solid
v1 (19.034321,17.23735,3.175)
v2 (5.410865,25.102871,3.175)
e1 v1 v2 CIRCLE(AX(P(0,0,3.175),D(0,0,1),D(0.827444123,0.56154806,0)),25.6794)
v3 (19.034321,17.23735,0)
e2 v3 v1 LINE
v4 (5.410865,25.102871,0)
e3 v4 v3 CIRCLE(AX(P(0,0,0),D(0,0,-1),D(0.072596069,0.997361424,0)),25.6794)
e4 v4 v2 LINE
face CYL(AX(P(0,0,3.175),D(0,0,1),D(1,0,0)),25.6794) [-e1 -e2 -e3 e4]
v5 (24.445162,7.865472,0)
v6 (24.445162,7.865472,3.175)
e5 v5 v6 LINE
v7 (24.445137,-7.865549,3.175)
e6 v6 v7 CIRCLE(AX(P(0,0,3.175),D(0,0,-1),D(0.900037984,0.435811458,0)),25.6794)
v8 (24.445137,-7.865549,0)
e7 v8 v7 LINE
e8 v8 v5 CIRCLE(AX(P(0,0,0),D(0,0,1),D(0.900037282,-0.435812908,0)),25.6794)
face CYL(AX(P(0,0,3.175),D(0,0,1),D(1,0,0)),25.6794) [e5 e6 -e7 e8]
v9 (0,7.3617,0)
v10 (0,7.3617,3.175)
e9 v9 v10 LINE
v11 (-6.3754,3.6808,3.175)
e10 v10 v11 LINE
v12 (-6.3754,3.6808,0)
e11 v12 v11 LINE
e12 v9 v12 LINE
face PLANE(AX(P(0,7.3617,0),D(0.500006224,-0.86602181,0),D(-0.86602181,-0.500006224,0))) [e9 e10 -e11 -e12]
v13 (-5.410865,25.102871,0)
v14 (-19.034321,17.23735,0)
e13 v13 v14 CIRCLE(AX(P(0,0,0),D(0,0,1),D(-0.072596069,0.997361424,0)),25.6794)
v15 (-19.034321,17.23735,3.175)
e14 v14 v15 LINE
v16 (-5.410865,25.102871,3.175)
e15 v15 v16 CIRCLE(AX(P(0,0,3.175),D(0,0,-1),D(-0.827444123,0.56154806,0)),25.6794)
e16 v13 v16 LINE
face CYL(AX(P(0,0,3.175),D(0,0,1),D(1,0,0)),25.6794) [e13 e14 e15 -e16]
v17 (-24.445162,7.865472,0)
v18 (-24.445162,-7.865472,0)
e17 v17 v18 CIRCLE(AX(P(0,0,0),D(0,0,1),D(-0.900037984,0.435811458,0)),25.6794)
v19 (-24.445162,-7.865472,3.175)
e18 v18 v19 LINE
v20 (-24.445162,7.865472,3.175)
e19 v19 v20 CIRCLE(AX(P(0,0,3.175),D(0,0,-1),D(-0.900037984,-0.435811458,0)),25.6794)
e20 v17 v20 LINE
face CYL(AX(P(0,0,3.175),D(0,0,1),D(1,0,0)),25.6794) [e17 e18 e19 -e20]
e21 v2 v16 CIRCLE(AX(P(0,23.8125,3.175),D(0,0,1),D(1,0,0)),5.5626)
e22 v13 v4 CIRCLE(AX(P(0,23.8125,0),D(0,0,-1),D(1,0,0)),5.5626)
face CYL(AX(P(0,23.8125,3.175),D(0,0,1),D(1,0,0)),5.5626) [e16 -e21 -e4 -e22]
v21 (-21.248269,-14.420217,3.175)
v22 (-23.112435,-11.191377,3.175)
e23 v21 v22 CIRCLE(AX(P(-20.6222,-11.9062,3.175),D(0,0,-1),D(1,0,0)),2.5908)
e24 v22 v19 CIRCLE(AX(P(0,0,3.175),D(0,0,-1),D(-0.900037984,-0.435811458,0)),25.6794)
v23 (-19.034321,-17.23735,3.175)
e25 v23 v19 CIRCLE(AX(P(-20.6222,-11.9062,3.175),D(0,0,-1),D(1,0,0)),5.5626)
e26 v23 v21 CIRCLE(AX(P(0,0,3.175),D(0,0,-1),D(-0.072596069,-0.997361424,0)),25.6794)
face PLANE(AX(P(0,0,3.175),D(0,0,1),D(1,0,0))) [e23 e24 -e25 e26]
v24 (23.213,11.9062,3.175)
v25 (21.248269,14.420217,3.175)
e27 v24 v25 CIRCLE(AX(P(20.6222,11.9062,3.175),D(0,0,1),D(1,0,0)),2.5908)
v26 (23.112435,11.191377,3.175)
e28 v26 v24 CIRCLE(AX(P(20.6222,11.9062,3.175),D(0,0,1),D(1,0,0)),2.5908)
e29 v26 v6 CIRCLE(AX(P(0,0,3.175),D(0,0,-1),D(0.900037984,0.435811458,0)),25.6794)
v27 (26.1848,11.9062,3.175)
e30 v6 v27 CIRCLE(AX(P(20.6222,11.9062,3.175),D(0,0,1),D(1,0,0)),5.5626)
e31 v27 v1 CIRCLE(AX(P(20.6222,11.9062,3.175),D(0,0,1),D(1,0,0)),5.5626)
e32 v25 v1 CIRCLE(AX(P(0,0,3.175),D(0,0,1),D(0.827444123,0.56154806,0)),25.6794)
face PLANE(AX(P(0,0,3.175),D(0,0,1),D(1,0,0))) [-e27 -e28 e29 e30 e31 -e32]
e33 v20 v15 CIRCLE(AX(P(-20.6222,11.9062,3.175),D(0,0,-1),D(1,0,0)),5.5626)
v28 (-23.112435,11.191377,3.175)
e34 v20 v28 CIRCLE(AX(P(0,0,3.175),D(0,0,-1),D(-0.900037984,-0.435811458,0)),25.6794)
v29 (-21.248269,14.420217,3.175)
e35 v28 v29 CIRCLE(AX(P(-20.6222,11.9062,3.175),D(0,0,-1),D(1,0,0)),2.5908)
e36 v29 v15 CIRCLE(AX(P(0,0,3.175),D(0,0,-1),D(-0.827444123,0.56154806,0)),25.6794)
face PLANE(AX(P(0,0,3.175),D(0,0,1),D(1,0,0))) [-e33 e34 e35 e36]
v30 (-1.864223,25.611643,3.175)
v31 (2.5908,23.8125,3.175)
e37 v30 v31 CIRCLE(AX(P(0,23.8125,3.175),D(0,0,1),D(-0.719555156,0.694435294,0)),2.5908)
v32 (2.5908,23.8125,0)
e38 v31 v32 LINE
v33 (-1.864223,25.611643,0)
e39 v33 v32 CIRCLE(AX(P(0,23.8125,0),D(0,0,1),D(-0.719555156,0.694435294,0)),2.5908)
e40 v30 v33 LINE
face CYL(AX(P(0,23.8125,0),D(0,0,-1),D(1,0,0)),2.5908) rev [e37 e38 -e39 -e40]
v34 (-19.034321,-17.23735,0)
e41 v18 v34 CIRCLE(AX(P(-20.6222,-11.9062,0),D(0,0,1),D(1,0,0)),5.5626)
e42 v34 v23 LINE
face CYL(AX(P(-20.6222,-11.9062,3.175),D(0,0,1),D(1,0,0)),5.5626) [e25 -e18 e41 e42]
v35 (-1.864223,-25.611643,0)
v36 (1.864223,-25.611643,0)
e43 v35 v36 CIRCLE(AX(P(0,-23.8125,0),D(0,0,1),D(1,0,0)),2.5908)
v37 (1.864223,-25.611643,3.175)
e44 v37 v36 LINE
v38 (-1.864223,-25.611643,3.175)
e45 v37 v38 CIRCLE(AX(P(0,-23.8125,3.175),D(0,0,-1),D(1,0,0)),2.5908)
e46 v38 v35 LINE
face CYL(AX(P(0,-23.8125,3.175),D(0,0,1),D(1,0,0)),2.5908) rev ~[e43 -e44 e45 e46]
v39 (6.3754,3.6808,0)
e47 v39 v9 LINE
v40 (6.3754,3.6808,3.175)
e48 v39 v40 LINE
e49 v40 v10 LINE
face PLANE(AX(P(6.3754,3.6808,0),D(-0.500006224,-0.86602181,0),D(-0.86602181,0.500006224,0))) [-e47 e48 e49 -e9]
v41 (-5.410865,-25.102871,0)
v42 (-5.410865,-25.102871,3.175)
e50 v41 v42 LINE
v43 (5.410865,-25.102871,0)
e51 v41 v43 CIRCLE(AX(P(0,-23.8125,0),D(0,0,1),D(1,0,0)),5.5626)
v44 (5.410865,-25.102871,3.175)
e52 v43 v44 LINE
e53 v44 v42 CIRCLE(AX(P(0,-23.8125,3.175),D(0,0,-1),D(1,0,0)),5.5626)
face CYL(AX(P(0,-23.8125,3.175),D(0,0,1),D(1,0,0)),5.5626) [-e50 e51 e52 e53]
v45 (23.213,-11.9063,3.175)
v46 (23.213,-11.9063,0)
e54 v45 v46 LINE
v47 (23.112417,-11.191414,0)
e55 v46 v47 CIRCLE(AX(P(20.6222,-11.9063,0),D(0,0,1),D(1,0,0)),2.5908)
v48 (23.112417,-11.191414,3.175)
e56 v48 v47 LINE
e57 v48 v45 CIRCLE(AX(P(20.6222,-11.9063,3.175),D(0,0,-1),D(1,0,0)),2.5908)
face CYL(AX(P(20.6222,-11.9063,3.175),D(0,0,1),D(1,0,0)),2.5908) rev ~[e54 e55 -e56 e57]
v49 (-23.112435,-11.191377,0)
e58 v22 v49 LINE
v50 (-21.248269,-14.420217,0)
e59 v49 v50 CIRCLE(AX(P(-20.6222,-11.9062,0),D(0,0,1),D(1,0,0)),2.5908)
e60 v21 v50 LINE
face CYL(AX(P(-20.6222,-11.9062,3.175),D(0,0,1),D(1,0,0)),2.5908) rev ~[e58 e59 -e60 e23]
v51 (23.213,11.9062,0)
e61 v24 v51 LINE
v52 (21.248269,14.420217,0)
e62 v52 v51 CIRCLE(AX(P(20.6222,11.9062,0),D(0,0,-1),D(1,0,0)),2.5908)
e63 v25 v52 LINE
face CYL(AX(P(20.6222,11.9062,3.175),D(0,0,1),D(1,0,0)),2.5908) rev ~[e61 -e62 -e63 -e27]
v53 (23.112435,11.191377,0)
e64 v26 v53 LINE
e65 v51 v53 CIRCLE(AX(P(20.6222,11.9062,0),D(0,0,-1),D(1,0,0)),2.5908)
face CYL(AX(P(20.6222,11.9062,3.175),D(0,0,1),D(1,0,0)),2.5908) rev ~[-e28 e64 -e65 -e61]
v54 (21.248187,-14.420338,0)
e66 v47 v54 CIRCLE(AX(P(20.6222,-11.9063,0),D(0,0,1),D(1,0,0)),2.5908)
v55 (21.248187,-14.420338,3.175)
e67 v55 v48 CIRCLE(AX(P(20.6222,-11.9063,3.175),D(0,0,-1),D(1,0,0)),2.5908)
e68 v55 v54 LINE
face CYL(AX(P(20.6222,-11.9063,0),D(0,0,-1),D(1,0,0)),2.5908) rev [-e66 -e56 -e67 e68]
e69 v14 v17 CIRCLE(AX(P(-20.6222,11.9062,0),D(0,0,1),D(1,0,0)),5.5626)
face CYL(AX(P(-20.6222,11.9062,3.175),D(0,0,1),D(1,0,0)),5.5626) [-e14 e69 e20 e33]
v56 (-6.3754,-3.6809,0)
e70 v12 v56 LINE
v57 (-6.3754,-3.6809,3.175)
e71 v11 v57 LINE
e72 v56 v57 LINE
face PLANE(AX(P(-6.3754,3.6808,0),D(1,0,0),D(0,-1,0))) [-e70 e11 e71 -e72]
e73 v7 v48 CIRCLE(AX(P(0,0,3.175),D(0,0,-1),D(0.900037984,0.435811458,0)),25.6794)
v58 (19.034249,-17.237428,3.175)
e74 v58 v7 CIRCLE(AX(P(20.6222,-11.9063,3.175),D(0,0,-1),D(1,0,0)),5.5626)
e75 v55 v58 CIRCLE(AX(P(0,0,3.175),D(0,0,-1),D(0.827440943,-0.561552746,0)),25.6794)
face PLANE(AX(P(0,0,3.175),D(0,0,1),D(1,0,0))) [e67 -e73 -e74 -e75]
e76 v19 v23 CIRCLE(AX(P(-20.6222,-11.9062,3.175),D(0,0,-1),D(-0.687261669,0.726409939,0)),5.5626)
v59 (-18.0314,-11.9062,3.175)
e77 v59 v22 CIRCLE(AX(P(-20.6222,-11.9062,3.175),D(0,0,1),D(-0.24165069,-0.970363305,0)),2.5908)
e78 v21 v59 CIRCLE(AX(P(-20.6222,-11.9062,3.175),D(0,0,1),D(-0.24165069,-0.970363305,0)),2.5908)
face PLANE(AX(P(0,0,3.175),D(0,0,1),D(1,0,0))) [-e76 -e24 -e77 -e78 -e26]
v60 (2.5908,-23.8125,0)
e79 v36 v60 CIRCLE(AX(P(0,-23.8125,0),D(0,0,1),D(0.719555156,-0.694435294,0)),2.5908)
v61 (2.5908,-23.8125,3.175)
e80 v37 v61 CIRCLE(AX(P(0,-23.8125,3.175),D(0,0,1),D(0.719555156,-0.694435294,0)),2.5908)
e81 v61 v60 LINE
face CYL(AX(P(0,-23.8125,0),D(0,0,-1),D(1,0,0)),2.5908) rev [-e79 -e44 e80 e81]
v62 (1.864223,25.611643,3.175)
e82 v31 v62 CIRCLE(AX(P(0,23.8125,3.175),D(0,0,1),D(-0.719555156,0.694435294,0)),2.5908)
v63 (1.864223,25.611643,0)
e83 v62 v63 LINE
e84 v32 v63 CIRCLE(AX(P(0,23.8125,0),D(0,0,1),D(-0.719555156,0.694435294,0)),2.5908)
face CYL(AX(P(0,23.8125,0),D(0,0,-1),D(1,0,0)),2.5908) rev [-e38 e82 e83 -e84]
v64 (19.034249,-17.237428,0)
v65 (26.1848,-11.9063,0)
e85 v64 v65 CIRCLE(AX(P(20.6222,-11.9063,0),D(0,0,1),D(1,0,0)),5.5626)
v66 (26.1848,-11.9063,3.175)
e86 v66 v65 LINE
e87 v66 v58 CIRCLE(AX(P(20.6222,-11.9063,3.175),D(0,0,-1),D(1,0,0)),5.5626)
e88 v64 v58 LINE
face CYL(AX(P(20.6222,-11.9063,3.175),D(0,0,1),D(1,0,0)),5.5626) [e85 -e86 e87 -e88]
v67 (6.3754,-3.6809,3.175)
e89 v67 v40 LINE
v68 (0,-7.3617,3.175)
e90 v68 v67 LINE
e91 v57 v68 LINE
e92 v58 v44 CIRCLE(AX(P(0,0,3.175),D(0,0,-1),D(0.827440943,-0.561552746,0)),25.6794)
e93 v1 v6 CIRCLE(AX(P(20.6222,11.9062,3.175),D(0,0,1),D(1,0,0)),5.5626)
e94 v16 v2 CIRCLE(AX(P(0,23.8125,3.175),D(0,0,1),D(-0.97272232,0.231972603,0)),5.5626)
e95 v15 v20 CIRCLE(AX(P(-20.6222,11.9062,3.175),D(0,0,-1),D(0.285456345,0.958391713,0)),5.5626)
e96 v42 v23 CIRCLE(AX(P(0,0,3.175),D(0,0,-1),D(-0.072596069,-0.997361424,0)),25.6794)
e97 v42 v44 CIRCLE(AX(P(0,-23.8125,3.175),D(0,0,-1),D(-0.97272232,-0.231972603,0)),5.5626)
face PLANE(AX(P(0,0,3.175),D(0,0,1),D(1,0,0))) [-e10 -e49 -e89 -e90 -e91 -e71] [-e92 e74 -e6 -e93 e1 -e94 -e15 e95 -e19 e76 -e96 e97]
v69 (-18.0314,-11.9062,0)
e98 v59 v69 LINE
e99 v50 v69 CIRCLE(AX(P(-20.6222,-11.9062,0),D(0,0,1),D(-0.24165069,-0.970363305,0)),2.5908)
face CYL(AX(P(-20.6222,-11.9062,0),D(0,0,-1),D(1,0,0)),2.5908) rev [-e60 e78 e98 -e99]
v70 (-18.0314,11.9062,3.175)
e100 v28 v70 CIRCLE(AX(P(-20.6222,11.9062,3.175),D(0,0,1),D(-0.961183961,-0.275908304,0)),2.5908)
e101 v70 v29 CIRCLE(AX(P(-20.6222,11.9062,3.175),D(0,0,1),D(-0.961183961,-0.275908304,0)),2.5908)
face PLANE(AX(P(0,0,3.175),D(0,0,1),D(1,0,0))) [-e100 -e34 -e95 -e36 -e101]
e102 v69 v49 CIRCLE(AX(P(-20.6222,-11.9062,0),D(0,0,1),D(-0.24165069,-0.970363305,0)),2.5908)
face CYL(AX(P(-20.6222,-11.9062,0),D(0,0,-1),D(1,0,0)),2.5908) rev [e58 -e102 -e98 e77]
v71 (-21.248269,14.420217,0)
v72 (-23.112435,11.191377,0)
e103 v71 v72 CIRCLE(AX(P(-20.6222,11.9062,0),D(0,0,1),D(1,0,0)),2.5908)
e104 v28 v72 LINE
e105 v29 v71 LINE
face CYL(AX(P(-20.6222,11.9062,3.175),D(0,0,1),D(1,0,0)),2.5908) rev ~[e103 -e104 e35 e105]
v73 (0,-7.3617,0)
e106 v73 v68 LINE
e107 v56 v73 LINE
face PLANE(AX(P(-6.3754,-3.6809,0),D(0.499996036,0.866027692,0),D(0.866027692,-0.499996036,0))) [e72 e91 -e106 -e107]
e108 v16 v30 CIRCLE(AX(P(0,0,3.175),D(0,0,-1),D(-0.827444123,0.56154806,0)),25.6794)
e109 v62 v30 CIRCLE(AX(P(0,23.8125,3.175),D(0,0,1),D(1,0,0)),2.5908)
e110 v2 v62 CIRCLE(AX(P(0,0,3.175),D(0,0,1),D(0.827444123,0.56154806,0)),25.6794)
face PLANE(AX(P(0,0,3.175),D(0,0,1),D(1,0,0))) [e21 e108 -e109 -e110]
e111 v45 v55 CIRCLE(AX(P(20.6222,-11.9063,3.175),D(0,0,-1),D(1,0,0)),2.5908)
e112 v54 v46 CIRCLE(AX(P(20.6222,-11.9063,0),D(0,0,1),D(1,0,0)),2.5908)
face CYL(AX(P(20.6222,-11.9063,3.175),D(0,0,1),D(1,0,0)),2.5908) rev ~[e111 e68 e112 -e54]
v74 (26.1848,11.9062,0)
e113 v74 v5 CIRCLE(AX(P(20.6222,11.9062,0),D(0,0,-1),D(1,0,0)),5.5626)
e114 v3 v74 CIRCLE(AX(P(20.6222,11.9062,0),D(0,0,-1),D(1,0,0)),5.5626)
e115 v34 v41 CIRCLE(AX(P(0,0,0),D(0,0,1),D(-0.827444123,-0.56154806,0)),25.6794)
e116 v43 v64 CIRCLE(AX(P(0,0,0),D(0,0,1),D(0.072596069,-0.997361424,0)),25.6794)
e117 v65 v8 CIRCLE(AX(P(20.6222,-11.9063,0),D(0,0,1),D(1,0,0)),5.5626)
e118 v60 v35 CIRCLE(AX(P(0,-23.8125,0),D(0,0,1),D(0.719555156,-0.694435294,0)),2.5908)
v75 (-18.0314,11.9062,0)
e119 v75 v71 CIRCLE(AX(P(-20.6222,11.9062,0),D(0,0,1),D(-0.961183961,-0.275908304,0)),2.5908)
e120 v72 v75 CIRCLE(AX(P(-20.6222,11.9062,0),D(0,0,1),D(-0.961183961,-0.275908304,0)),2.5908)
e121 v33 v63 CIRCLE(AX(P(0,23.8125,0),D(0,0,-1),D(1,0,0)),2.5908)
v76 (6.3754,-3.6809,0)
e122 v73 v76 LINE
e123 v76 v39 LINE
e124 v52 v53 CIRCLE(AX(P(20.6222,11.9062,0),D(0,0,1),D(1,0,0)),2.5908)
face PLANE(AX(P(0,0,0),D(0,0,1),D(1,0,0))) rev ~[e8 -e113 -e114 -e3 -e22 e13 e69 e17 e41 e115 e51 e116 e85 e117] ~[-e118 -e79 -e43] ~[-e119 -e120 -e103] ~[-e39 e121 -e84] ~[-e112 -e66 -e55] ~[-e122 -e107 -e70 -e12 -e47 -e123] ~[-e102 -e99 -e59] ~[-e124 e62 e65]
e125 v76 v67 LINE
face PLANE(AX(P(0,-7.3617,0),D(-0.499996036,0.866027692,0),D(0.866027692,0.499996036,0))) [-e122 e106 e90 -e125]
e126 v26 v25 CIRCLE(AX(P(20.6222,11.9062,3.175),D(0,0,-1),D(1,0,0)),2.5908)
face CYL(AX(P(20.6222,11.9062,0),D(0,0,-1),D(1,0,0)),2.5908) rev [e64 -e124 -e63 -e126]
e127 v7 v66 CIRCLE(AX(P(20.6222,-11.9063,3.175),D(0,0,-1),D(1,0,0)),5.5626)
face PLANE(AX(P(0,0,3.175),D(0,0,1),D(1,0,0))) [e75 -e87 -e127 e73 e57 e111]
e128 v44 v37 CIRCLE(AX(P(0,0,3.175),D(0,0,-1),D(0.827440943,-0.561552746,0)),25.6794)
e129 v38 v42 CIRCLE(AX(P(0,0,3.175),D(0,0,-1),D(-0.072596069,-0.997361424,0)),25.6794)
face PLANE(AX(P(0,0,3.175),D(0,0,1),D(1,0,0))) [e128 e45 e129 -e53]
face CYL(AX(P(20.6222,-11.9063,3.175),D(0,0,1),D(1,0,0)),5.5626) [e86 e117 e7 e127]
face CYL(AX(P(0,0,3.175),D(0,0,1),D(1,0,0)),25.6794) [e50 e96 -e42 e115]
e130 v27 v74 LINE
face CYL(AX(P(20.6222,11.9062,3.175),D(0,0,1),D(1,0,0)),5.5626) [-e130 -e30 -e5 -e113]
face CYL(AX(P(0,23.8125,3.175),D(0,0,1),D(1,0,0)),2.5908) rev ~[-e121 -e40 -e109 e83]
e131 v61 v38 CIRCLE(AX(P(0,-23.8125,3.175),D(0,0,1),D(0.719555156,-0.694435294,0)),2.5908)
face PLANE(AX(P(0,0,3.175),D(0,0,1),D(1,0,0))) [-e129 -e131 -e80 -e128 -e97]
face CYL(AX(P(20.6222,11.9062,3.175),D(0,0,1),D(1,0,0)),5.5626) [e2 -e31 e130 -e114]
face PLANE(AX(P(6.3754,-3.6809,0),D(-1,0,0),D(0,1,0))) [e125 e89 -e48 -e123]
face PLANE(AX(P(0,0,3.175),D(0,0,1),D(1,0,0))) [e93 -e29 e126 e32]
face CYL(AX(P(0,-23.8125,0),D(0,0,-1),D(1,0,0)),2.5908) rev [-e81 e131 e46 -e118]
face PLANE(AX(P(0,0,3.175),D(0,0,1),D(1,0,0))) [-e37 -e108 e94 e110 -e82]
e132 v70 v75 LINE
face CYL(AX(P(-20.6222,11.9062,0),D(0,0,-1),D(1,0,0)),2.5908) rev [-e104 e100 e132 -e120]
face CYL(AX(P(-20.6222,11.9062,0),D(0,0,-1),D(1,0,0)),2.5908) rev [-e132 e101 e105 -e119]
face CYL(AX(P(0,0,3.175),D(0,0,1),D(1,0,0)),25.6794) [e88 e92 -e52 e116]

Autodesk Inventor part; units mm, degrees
ref_plane "YZ Plane" through (0, 0, 0) normal (1, 0, 0) x (0, 1, 0)
ref_plane "XZ Plane" through (0, 0, 0) normal (0, 1, 0) x (-1, 0, 0)
ref_plane "XY Plane" through (0, 0, 0) normal (0, 0, 1) x (1, 0, 0)
sketch "Sketch1" plane through (0, 0, 0) normal (0, 0, 1) x (1, 0, 0)
  circle A0 centre (0, 0) radius 28.575
  line L0 (0, -7.3617) -> (6.3754, -3.6809)
  line L1 (-6.3754, -3.6809) -> (0, -7.3617)
  line L2 (-6.3754, 3.6808) -> (-6.3754, -3.6809)
  line L3 (0, 7.3617) -> (-6.3754, 3.6808)
  line L4 (6.3754, 3.6808) -> (0, 7.3617)
  line L5 (6.3754, -3.6809) -> (6.3754, 3.6808)
  circle A1 centre (0, 23.8125) radius 2.5908
  circle A2 centre (-20.6222, 11.9062) radius 2.5908
  circle A3 centre (-20.6222, -11.9062) radius 2.5908
  circle A4 centre (0, -23.8125) radius 2.5908
  circle A5 centre (20.6222, -11.9063) radius 2.5908
  circle A6 centre (20.6222, 11.9062) radius 2.5908
  arc A7 (-2.587, 23.6716) -> (-19.2067, 14.0762) centre (0, 0) ccw
  arc A8 (-21.7937, 9.5954) -> (-21.7937, -9.5954) centre (0, 0) ccw
  arc A9 (-19.2067, -14.0762) -> (-2.587, -23.6716) centre (0, 0) ccw
  arc A10 (2.587, -23.6716) -> (19.2067, -14.0762) centre (0, 0) ccw
  arc A11 (21.7937, -9.5954) -> (21.7937, 9.5954) centre (0, 0) ccw
  arc A12 (19.2067, 14.0762) -> (2.587, 23.6716) centre (0, 0) ccw
  dimension "d7" = 5.1816
  dimension "d12" = 360
extrude "Extrusion1" add sketch "Sketch1" along normal blind 3.175 contours A0 | A1 A12 A6 A11 A5 A10 A4 A9 A3 A8 A2 A7
sketch "Sketch3" plane through (0, 0, 3.175) normal (0, 0, 1) x (1, 0, 0)
  circle A0 centre (20.6222, 11.9062) radius 2.5908 projected
  circle A1 centre (20.6222, -11.9063) radius 2.5908 projected
  circle A2 centre (0, -23.8125) radius 2.5908 projected
  circle A3 centre (-20.6222, -11.9062) radius 2.5908 projected
  circle A4 centre (-20.6222, 11.9062) radius 2.5908 projected
  circle A5 centre (0, 23.8125) radius 2.5908 projected
  circle A6 centre (0, 0) radius 28.575 projected
  circle A7 centre (0, 23.8125) radius 5.5626
  circle A8 centre (0, 0) radius 25.6794
  circle A9 centre (-20.6222, 11.9062) radius 5.5626
  circle A10 centre (-20.6222, -11.9062) radius 5.5626
  circle A11 centre (0, -23.8125) radius 5.5626
  circle A12 centre (20.6222, -11.9063) radius 5.5626
  circle A13 centre (20.6222, 11.9062) radius 5.5626
  dimension "d14" = 11.1252
  dimension "d15" = 51.3588
  dimension "d18" = 360
extrude "Extrusion3" cut sketch "Sketch3" against normal blind 3.175 contours A0 A8 A13 A6 | A8 A7 A6 A13 | A13 A6 A12 A8 | A8 A5 A7 A6 | A12 A6 A8 A1 | A8 A9 A6 A7 | A12 A6 A11 A8 | A8 A4 A9 A6 | A11 A6 A8 A2 | A9 A8 A10 A6 | A10 A8 A3 A6 | A6 A10 A8 A11
extrude "Extrusion2" add sketch "Sketch3" against normal blind 3.175 contours A0 A8 A13 A6 | A0 A8 A13 | A8 A5 A7 A6 | A7 A8 A5 | A13 A6 | A6 A7 | A12 A6 A8 A1 | A8 A1 A12 | A12 A6 | A9 A8 A4 | A8 A4 A9 A6 | A6 A9 | A11 A6 A8 A2 | A8 A2 A11 | A11 A6 | A10 A8 A3 A6 | A6 A10 | A10 A8 A3
properties part number "chassis hex hub clone" material "Aluminum 6061"
